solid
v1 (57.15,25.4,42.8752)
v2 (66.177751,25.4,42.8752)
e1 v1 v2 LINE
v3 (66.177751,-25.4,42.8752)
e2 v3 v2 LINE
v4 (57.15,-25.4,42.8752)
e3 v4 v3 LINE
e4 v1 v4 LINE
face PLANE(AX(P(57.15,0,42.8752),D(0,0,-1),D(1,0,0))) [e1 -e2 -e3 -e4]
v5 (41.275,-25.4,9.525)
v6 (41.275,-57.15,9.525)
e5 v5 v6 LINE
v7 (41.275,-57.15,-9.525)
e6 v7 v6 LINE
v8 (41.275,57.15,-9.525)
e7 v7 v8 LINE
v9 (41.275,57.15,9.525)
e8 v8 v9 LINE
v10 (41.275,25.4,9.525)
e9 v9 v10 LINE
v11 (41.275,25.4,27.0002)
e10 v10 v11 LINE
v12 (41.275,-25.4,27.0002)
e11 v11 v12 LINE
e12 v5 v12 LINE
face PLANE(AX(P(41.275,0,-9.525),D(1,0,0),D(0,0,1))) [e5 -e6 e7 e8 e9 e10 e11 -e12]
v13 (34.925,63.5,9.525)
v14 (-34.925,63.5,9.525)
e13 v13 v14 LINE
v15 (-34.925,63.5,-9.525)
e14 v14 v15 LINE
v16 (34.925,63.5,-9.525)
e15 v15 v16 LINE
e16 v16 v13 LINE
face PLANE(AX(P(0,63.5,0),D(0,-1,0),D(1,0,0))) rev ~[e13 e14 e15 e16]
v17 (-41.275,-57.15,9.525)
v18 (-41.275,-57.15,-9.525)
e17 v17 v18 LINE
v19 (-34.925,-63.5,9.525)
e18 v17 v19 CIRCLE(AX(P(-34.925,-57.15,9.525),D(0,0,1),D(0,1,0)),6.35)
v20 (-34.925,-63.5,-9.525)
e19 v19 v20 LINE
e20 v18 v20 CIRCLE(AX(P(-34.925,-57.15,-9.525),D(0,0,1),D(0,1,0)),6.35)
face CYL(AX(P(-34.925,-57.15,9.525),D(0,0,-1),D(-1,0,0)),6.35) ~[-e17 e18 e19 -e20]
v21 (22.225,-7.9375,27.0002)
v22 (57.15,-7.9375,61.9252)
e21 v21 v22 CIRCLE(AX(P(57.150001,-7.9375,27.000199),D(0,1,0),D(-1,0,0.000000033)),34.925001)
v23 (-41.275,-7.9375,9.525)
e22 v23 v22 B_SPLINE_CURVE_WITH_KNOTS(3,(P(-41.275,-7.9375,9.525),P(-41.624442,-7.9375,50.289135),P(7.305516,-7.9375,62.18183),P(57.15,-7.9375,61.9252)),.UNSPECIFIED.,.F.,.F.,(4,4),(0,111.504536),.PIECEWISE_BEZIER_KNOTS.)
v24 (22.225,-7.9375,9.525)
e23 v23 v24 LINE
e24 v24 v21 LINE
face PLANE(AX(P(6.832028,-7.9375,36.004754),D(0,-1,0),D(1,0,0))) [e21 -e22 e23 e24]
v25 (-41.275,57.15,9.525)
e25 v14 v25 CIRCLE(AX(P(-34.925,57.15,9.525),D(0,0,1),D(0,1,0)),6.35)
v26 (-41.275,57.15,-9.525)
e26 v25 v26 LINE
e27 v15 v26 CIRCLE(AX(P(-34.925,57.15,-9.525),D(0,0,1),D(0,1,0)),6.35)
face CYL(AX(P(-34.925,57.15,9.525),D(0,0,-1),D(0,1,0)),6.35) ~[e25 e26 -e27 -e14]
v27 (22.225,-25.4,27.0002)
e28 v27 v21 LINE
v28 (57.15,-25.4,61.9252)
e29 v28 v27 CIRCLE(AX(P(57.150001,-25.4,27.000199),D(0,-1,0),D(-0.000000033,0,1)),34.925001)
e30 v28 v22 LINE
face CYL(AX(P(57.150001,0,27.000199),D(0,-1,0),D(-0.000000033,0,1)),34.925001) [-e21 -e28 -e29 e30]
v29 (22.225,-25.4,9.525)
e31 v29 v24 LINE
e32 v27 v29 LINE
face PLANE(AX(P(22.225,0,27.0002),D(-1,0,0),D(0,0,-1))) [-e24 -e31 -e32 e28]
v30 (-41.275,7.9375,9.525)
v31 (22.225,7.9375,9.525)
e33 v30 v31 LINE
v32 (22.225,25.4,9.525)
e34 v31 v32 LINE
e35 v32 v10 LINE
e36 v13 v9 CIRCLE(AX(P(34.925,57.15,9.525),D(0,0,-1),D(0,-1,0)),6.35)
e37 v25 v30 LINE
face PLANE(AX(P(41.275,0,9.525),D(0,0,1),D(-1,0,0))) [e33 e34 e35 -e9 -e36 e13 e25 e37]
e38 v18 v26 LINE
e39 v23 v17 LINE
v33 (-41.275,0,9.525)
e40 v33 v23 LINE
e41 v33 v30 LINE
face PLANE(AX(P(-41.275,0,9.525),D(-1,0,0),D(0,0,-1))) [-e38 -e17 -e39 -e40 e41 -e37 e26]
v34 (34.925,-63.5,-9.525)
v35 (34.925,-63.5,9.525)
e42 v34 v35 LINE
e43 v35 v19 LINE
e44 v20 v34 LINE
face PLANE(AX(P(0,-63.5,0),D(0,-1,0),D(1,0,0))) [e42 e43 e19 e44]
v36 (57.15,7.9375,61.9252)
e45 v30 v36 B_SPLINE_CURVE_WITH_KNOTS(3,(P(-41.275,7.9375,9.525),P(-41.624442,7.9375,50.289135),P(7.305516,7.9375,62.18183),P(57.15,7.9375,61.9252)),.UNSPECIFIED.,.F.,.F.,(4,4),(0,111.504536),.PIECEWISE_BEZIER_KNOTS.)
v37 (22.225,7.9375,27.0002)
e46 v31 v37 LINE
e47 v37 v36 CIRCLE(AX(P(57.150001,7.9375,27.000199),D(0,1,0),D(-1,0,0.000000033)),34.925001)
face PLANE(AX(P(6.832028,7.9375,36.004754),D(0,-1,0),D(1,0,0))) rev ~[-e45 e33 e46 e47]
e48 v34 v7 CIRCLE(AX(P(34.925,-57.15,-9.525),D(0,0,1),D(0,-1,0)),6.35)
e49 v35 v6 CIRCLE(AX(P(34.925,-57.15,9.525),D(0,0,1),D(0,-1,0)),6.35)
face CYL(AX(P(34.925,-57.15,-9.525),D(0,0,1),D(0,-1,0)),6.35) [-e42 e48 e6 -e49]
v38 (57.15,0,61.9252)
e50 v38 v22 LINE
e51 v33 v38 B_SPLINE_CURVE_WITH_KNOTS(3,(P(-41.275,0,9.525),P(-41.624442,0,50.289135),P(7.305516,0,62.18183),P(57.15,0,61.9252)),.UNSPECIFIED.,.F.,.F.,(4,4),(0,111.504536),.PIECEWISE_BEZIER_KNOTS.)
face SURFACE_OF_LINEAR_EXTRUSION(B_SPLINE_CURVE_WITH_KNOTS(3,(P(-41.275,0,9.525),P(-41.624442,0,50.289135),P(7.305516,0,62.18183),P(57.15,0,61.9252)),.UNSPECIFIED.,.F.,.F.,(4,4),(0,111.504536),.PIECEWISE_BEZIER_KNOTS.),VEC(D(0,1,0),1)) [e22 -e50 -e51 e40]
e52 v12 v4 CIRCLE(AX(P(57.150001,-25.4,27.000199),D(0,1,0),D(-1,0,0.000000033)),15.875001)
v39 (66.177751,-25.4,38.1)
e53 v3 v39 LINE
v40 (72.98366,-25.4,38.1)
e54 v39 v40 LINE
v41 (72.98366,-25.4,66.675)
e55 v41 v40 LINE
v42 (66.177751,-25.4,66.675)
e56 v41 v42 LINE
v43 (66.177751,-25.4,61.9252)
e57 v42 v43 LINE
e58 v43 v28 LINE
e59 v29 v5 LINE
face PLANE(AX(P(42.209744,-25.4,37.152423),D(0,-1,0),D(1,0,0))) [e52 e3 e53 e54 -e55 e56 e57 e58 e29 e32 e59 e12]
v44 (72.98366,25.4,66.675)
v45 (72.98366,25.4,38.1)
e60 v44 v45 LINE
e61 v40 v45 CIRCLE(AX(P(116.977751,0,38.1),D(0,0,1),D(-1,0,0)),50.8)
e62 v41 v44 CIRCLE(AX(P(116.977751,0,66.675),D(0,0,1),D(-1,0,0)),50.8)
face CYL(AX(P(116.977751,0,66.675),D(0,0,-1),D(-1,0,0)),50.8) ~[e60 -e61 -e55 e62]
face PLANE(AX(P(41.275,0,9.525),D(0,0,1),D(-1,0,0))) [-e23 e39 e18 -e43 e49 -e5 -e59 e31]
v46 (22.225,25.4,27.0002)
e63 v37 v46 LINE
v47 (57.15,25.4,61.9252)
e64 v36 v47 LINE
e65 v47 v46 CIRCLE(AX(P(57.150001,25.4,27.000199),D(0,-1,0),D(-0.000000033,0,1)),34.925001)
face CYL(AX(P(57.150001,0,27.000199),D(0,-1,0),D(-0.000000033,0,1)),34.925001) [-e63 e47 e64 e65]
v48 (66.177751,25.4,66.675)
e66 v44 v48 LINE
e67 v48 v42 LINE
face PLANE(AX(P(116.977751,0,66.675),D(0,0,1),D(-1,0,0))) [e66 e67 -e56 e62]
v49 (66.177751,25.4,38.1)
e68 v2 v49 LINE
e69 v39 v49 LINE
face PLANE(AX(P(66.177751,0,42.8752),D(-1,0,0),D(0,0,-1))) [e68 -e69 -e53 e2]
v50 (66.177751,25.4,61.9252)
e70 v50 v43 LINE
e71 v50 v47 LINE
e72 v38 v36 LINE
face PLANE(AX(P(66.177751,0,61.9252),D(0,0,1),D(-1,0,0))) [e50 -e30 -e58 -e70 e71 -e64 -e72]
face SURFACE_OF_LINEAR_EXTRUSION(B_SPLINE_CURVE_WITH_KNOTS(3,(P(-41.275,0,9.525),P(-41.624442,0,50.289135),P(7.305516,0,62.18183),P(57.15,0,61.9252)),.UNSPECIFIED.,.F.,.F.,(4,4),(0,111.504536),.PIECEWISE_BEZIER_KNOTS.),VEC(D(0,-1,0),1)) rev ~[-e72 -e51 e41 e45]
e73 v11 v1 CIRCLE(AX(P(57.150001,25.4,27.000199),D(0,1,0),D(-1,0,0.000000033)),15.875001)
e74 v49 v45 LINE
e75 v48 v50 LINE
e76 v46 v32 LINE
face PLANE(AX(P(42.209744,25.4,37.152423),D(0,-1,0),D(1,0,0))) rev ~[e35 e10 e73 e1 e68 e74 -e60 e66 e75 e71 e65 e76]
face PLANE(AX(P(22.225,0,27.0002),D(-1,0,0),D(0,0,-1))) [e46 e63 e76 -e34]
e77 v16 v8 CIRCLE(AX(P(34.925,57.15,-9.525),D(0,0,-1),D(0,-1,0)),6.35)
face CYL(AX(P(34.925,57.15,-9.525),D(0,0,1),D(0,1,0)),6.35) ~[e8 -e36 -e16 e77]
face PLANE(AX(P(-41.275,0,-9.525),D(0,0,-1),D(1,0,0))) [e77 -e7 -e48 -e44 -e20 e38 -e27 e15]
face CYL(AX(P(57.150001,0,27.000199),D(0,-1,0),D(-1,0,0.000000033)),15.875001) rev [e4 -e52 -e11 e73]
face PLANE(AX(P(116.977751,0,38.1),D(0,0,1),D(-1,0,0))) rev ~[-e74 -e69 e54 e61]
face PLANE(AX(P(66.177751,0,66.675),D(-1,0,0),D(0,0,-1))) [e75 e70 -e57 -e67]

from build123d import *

# Parameters (mm, degrees)
F1_DEPTH = 63.5
F2_DEPTH = 25.4
F3_DEPTH = 7.9375
F5_R     = 6.35


with BuildPart() as f1:
    # F0 (on Front) → F1 (new body, symmetric)
    with BuildSketch(Plane.XZ):
        Polygon((41.275, -9.525), (41.275, 9.525), (22.225, 9.525), (-41.275, 9.525), (-41.275, -9.525), align=None)
    extrude(amount=F1_DEPTH, both=True)

    # F0 (on Front) → F2 (join, symmetric)
    with BuildSketch(Plane.XZ):
        with BuildLine():
            Line((22.225, 9.525), (41.275, 9.525))
            Line((41.275, 9.525), (41.275, 27.0002))
            ThreePointArc((41.275, 27.0002), (45.92468, 38.22552), (57.15, 42.8752))
            Line((57.15, 42.8752), (66.177751, 42.8752))
            Line((66.177751, 42.8752), (66.177751, 61.9252))
            Line((66.177751, 61.9252), (57.15, 61.9252))
            ThreePointArc((57.15, 61.9252), (32.454296, 51.695904), (22.225, 27.0002))
            Line((22.225, 27.0002), (22.225, 9.525))
        make_face()
        Polygon((66.177751, 61.9252), (66.177751, 42.8752), (66.177751, 38.1), (116.977751, 38.1), (116.977751, 66.675), (66.177751, 66.675), align=None)
    extrude(amount=F2_DEPTH, both=True)

    # F0 (on Front) → F3 (join, symmetric)
    with BuildSketch(Plane.XZ):
        with BuildLine():
            Line((-41.275, 9.525), (22.225, 9.525))
            Line((22.225, 9.525), (22.225, 27.0002))
            ThreePointArc((22.225, 27.0002), (32.454296, 51.695904), (57.15, 61.9252))
            add(Edge.make_bspline(
                [(-41.275, 9.525), (-41.624442, 50.289135), (7.305516, 62.18183), (57.15, 61.9252)],
                knots=[0, 0, 0, 0, 111.504536, 111.504536, 111.504536, 111.504536], degree=3))
        make_face()
    extrude(amount=F3_DEPTH, both=True)

    # F0 (on Front) → F4 (revolve)
    with BuildSketch(Plane.XZ):
        Polygon((66.177751, 61.9252), (66.177751, 42.8752), (66.177751, 38.1), (116.977751, 38.1), (116.977751, 66.675), (66.177751, 66.675), align=None)
    revolve(axis=Axis((116.977751, 0, 52.3875), (0, 0, 1)))

    # F5
    f5_edges = [f1.edges().sort_by_distance(p)[0] for p in [
        (41.275, 63.5, 0),
        (41.275, -63.5, 0),
        (-41.275, -63.5, 0),
        (-41.275, 63.5, 0),
    ]]
    fillet(f5_edges, radius=F5_R)


solid = f1.part
